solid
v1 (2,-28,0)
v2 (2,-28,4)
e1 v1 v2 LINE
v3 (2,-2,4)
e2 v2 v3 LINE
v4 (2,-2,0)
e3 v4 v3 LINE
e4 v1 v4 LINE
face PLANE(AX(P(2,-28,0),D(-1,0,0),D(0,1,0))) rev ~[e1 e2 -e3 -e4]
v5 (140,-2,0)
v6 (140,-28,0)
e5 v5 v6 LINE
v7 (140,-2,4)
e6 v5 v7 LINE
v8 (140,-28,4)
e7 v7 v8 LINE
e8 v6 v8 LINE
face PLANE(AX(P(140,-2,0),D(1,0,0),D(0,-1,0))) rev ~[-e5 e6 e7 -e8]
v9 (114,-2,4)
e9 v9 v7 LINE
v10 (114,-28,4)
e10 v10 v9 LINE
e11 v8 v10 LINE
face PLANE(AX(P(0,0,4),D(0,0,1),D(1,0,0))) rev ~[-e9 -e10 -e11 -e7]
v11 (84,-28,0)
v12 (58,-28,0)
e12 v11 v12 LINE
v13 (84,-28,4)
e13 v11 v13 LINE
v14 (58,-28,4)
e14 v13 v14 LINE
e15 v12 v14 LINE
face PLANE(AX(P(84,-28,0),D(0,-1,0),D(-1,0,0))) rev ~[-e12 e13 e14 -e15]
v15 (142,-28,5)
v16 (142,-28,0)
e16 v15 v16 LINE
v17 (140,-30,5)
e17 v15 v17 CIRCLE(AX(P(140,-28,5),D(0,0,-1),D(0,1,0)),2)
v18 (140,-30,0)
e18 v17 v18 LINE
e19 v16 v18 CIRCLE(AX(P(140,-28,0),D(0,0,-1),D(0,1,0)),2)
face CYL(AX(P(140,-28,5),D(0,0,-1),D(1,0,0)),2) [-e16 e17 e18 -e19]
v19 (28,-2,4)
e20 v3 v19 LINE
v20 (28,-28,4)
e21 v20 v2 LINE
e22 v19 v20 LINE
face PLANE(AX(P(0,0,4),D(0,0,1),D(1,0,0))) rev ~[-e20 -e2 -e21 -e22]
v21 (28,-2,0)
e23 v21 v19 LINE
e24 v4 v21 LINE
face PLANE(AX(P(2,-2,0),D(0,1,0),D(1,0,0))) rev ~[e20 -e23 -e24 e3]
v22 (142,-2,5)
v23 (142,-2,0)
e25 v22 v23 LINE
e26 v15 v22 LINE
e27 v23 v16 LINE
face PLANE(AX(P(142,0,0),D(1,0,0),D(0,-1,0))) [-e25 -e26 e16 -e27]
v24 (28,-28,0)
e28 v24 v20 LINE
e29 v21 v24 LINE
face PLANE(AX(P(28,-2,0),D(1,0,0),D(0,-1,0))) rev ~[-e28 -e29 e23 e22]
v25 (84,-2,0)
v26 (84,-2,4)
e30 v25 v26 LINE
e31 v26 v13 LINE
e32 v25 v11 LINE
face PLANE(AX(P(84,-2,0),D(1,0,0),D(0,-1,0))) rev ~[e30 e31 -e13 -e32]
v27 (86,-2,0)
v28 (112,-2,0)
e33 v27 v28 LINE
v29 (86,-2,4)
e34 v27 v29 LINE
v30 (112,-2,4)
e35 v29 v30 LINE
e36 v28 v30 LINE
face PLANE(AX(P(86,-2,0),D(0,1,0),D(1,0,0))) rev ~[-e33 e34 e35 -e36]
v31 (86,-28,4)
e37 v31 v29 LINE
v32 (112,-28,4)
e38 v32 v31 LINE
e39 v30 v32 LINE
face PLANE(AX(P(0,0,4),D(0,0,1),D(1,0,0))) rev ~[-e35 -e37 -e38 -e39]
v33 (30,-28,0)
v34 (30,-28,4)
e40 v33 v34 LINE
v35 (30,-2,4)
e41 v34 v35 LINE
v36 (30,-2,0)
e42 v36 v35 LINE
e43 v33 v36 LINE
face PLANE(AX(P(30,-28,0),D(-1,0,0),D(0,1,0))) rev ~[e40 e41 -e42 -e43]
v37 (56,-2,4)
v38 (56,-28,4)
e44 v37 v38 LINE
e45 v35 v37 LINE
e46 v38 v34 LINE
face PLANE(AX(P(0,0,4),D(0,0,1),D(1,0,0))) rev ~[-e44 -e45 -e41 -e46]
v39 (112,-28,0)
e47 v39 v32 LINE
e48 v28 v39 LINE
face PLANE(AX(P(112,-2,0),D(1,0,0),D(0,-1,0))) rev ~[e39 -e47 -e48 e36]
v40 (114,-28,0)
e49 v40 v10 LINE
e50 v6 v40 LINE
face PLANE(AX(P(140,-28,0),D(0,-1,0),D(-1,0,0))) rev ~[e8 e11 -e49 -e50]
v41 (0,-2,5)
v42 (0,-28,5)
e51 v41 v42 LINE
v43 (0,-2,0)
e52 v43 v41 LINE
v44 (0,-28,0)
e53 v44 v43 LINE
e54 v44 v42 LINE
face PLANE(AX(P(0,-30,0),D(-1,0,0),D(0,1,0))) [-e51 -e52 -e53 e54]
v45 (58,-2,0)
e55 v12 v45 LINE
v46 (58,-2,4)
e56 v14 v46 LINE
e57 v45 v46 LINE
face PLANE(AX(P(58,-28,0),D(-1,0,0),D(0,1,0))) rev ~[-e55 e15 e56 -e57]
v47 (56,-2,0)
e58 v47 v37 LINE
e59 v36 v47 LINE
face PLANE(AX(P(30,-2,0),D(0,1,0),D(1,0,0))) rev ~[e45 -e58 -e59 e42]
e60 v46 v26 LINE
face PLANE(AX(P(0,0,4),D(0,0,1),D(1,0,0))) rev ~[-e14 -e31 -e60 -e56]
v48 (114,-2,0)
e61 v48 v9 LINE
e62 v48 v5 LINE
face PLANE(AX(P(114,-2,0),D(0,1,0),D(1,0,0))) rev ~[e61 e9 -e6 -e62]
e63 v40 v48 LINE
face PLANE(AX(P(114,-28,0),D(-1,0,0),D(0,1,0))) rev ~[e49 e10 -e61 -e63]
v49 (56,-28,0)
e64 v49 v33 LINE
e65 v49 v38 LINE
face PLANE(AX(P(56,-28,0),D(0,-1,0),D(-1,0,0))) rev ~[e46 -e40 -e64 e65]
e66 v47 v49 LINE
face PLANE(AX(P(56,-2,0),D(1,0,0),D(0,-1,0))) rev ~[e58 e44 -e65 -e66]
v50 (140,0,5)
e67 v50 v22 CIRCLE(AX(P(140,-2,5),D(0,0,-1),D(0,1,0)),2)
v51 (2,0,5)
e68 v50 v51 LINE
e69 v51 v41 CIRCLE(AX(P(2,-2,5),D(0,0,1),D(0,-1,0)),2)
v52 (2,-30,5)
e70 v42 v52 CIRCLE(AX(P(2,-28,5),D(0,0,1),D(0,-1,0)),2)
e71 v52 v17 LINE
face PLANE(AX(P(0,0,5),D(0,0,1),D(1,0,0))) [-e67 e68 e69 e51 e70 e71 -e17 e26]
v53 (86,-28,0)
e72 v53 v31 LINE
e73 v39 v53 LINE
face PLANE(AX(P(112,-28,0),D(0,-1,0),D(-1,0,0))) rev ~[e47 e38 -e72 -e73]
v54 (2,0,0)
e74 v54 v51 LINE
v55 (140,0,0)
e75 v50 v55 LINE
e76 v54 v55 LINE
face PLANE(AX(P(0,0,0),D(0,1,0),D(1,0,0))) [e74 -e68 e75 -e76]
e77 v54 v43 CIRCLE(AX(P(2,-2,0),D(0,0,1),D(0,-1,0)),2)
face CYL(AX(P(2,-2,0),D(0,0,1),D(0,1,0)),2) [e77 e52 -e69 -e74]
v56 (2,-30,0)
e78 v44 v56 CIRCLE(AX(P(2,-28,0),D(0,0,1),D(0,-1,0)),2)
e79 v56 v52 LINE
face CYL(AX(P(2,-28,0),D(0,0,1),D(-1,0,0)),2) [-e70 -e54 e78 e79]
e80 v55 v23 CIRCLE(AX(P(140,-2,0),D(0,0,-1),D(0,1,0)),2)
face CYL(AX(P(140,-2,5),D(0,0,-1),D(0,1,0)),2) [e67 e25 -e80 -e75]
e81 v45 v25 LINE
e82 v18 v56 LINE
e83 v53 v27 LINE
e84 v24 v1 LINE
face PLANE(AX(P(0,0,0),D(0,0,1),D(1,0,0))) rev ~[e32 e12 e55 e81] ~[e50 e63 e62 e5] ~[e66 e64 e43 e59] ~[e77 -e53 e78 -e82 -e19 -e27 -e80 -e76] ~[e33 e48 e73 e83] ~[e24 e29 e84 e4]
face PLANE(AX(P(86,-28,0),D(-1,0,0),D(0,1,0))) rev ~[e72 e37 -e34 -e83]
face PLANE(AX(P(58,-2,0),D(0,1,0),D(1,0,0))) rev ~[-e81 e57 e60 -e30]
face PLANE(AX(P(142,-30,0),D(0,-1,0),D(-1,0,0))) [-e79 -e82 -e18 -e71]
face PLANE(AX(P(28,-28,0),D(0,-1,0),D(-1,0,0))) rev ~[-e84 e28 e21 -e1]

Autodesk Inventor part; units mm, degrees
ref_plane "YZ Plane" through (0, 0, 0) normal (1, 0, 0) x (0, 1, 0)
ref_plane "XZ Plane" through (0, 0, 0) normal (0, 1, 0) x (-1, 0, 0)
ref_plane "XY Plane" through (0, 0, 0) normal (0, 0, 1) x (1, 0, 0)
sketch "스케치1" plane through (0, 0, 0) normal (0, 0, 1) x (1, 0, 0)
  line L0 (0, 0) -> (142, 0)
  line L1 (142, 0) -> (142, -30)
  line L2 (142, -30) -> (0, -30)
  line L3 (0, -30) -> (0, 0)
  line L4 (2, -2) -> (28, -2)
  line L5 (28, -2) -> (28, -28)
  line L6 (28, -28) -> (2, -28)
  line L7 (2, -28) -> (2, -2)
  line L8 (56, -2) -> (56, -28)
  line L9 (30, -2) -> (56, -2)
  line L10 (30, -28) -> (30, -2)
  line L11 (56, -28) -> (30, -28)
  line L12 (84, -2) -> (84, -28)
  line L13 (58, -2) -> (84, -2)
  line L14 (58, -28) -> (58, -2)
  line L15 (84, -28) -> (58, -28)
  line L16 (112, -2) -> (112, -28)
  line L17 (86, -2) -> (112, -2)
  line L18 (86, -28) -> (86, -2)
  line L19 (112, -28) -> (86, -28)
  line L20 (140, -2) -> (140, -28)
  line L21 (114, -2) -> (140, -2)
  line L22 (114, -28) -> (114, -2)
  line L23 (140, -28) -> (114, -28)
  dimension "d0" = 142
  dimension "d1" = 30
  dimension "d2" = 2
  dimension "d3" = 2
  dimension "d4" = 26
  dimension "d5" = 26
  dimension "d8" = 28
extrude "돌출1" add sketch "스케치1" along normal blind 4
sketch "스케치2" plane through (0, 0, 4) normal (0, 0, 1) x (1, 0, 0)
  line L0 (0, -30) -> (142, -30) projected
  line L1 (142, -30) -> (142, 0) projected
  line L2 (142, 0) -> (0, 0) projected
  line L3 (0, 0) -> (0, -30) projected
  line L4 (140, -2) -> (140, -28) projected
  line L5 (140, -28) -> (114, -28) projected
  line L6 (114, -28) -> (114, -2) projected
  line L7 (114, -2) -> (140, -2) projected
  line L8 (112, -2) -> (112, -28) projected
  line L9 (112, -28) -> (86, -28) projected
  line L10 (86, -28) -> (86, -2) projected
  line L11 (86, -2) -> (112, -2) projected
  line L12 (84, -2) -> (84, -28) projected
  line L13 (84, -28) -> (58, -28) projected
  line L14 (58, -28) -> (58, -2) projected
  line L15 (58, -2) -> (84, -2) projected
  line L16 (56, -2) -> (56, -28) projected
  line L17 (56, -28) -> (30, -28) projected
  line L18 (30, -28) -> (30, -2) projected
  line L19 (30, -2) -> (56, -2) projected
  line L20 (2, -2) -> (28, -2) projected
  line L21 (28, -2) -> (28, -28) projected
  line L22 (28, -28) -> (2, -28) projected
  line L23 (2, -28) -> (2, -2) projected
extrude "돌출2" add sketch "스케치2" along normal blind 1 contours L3 L2 L1 L0 | L4 L5 L6 L7 | L8 L9 L10 L11 | L12 L13 L14 L15 | L16 L17 L18 L19 | L20 L21 L22 L23
fillet "모깎기1" radius 2 4 edges at (142, 0, 2.5) (142, -30, 2.5) (0, 0, 2.5) (0, -30, 2.5)
properties part number "t_pocket"
